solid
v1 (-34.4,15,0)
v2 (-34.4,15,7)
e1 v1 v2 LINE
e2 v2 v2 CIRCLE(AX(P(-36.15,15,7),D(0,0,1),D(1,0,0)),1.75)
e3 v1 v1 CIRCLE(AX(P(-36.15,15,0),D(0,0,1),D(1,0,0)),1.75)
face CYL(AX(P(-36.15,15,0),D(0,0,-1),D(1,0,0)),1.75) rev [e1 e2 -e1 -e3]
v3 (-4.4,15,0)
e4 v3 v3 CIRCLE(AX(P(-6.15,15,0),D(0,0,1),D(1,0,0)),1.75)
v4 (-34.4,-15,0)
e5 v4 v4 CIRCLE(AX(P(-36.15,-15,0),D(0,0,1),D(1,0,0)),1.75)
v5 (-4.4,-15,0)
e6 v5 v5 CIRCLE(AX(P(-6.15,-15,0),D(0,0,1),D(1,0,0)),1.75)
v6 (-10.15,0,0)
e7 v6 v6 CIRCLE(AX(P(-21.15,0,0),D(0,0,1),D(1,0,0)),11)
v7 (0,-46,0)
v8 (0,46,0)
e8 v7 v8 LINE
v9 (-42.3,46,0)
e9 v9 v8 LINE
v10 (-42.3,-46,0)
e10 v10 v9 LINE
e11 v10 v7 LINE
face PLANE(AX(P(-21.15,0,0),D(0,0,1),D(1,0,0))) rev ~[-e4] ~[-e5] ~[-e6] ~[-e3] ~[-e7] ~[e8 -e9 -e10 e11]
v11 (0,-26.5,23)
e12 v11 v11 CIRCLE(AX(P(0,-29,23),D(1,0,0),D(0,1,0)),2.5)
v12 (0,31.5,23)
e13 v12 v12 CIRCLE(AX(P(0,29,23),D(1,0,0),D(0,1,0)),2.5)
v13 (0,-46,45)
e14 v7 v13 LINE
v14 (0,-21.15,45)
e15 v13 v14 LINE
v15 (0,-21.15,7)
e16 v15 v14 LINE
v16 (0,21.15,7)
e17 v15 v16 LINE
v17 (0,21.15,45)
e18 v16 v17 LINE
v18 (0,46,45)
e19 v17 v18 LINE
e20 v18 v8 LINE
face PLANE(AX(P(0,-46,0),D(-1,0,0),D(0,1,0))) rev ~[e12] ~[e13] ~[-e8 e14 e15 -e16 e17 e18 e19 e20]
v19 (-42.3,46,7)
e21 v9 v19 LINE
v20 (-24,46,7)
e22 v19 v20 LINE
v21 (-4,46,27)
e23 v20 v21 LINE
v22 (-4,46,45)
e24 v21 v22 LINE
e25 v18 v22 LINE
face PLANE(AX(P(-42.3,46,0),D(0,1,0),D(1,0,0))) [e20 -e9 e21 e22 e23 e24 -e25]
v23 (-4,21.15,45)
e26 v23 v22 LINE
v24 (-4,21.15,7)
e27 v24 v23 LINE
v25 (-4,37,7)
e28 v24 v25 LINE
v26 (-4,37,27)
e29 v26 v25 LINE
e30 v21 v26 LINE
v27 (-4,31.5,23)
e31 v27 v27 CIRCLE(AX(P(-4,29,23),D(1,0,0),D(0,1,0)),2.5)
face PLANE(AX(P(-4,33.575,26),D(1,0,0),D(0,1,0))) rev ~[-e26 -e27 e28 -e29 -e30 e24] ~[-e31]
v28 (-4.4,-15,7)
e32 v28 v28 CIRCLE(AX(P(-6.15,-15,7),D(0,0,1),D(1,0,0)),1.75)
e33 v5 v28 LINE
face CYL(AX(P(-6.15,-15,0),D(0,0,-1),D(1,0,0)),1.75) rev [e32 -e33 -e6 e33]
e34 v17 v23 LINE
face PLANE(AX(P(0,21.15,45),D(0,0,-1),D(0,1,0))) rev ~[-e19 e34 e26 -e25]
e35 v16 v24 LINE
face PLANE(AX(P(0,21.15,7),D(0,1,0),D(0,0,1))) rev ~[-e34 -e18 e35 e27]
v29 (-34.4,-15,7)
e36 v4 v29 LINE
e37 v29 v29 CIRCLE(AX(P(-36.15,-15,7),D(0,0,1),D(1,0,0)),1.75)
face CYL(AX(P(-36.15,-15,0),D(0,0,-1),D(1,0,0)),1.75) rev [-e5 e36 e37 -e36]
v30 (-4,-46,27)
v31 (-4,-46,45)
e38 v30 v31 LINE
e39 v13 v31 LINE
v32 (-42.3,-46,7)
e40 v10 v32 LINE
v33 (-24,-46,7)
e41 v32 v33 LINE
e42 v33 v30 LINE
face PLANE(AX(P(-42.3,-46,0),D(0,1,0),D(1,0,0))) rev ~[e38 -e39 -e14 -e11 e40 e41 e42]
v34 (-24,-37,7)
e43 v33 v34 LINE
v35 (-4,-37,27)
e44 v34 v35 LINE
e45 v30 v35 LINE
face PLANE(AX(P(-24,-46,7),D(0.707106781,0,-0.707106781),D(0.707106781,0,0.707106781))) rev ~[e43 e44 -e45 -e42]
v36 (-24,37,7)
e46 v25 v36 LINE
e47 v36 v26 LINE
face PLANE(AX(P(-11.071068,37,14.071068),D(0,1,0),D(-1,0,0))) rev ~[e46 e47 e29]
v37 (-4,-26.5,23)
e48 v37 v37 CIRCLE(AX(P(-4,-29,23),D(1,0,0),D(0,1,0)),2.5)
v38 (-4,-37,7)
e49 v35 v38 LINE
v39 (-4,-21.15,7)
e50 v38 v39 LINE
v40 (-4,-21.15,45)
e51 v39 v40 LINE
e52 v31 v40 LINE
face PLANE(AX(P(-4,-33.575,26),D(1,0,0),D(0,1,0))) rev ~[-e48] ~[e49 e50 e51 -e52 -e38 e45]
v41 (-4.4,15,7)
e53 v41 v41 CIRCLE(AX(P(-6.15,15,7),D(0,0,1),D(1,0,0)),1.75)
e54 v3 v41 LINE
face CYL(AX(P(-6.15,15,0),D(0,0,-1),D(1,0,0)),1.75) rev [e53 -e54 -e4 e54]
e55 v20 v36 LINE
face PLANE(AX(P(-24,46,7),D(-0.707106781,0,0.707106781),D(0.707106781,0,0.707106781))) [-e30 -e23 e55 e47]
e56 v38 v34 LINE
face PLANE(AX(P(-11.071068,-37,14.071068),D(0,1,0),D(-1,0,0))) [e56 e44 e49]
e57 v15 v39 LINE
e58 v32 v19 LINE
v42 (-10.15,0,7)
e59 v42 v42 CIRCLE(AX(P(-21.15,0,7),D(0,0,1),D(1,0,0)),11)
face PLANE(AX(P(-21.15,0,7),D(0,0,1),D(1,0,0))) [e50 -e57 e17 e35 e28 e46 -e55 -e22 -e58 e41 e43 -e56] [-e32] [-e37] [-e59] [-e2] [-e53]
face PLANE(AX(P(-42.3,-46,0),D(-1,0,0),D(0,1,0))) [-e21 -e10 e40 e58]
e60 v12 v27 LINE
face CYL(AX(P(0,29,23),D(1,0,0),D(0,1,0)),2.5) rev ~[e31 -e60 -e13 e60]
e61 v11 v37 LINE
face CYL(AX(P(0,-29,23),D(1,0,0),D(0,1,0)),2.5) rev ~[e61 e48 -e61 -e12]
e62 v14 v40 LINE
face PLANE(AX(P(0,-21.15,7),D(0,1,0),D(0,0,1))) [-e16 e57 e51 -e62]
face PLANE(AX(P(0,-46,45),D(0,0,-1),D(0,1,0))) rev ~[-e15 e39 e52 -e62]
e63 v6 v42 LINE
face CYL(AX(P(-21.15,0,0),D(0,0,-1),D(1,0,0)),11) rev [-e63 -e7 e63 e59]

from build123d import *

# Parameters (mm, degrees)
SKETCH001_W  = 24.85
SKETCH001_H  = 38
SKETCH001_R  = 2.5
PAD001_DEPTH = 4
PAD002_DEPTH = 9
SKETCH_W     = 42.3
SKETCH_H     = 92
SKETCH_R     = 1.75
SKETCH_R_2   = 11
PAD_DEPTH    = 7
PAD003_DEPTH = 9


with BuildPart() as support:
    # Sketch001 → Pad001 (new body)
    with BuildSketch(Plane.YZ):
        with Locations((-33.575, 26)):
            Rectangle(SKETCH001_W, SKETCH001_H)
        with Locations((-29, 23)):
            Circle(SKETCH001_R, mode=Mode.SUBTRACT)
        with Locations((33.575, 26)):
            Rectangle(SKETCH001_W, SKETCH001_H)
        with Locations((29, 23)):
            Circle(SKETCH001_R, mode=Mode.SUBTRACT)
    extrude(amount=-PAD001_DEPTH)


with BuildPart() as pad002:
    # Sketch002 → Pad002 (new body)
    with BuildSketch(Plane.XZ.offset(46)):
        Polygon((-4, 27), (-4, 7), (-24, 7), align=None)
    extrude(amount=-PAD002_DEPTH)


with BuildPart() as moteur:
    # Sketch → Pad (new body)
    with BuildSketch(Plane.XY):
        with Locations((-21.15, 0)):
            Rectangle(SKETCH_W, SKETCH_H)
        with Locations((-6.15, 15)):
            Circle(SKETCH_R, mode=Mode.SUBTRACT)
        with Locations((-21.15, 0)):
            Circle(SKETCH_R_2, mode=Mode.SUBTRACT)
        with Locations((-36.15, 15)):
            Circle(SKETCH_R, mode=Mode.SUBTRACT)
        with Locations((-36.15, -15)):
            Circle(SKETCH_R, mode=Mode.SUBTRACT)
        with Locations((-6.15, -15)):
            Circle(SKETCH_R, mode=Mode.SUBTRACT)
    extrude(amount=PAD_DEPTH)


with BuildPart() as fixation:
    # Sketch003 → Pad003 (new body)
    with BuildSketch(Plane.XZ.offset(-46)):
        Polygon((-4, 27), (-4, 7), (-24, 7), align=None)
    extrude(amount=PAD003_DEPTH)

    # Fusion: union support, Pad002, moteur
    add(support.part)
    add(pad002.part)
    add(moteur.part)


solid = fixation.part
